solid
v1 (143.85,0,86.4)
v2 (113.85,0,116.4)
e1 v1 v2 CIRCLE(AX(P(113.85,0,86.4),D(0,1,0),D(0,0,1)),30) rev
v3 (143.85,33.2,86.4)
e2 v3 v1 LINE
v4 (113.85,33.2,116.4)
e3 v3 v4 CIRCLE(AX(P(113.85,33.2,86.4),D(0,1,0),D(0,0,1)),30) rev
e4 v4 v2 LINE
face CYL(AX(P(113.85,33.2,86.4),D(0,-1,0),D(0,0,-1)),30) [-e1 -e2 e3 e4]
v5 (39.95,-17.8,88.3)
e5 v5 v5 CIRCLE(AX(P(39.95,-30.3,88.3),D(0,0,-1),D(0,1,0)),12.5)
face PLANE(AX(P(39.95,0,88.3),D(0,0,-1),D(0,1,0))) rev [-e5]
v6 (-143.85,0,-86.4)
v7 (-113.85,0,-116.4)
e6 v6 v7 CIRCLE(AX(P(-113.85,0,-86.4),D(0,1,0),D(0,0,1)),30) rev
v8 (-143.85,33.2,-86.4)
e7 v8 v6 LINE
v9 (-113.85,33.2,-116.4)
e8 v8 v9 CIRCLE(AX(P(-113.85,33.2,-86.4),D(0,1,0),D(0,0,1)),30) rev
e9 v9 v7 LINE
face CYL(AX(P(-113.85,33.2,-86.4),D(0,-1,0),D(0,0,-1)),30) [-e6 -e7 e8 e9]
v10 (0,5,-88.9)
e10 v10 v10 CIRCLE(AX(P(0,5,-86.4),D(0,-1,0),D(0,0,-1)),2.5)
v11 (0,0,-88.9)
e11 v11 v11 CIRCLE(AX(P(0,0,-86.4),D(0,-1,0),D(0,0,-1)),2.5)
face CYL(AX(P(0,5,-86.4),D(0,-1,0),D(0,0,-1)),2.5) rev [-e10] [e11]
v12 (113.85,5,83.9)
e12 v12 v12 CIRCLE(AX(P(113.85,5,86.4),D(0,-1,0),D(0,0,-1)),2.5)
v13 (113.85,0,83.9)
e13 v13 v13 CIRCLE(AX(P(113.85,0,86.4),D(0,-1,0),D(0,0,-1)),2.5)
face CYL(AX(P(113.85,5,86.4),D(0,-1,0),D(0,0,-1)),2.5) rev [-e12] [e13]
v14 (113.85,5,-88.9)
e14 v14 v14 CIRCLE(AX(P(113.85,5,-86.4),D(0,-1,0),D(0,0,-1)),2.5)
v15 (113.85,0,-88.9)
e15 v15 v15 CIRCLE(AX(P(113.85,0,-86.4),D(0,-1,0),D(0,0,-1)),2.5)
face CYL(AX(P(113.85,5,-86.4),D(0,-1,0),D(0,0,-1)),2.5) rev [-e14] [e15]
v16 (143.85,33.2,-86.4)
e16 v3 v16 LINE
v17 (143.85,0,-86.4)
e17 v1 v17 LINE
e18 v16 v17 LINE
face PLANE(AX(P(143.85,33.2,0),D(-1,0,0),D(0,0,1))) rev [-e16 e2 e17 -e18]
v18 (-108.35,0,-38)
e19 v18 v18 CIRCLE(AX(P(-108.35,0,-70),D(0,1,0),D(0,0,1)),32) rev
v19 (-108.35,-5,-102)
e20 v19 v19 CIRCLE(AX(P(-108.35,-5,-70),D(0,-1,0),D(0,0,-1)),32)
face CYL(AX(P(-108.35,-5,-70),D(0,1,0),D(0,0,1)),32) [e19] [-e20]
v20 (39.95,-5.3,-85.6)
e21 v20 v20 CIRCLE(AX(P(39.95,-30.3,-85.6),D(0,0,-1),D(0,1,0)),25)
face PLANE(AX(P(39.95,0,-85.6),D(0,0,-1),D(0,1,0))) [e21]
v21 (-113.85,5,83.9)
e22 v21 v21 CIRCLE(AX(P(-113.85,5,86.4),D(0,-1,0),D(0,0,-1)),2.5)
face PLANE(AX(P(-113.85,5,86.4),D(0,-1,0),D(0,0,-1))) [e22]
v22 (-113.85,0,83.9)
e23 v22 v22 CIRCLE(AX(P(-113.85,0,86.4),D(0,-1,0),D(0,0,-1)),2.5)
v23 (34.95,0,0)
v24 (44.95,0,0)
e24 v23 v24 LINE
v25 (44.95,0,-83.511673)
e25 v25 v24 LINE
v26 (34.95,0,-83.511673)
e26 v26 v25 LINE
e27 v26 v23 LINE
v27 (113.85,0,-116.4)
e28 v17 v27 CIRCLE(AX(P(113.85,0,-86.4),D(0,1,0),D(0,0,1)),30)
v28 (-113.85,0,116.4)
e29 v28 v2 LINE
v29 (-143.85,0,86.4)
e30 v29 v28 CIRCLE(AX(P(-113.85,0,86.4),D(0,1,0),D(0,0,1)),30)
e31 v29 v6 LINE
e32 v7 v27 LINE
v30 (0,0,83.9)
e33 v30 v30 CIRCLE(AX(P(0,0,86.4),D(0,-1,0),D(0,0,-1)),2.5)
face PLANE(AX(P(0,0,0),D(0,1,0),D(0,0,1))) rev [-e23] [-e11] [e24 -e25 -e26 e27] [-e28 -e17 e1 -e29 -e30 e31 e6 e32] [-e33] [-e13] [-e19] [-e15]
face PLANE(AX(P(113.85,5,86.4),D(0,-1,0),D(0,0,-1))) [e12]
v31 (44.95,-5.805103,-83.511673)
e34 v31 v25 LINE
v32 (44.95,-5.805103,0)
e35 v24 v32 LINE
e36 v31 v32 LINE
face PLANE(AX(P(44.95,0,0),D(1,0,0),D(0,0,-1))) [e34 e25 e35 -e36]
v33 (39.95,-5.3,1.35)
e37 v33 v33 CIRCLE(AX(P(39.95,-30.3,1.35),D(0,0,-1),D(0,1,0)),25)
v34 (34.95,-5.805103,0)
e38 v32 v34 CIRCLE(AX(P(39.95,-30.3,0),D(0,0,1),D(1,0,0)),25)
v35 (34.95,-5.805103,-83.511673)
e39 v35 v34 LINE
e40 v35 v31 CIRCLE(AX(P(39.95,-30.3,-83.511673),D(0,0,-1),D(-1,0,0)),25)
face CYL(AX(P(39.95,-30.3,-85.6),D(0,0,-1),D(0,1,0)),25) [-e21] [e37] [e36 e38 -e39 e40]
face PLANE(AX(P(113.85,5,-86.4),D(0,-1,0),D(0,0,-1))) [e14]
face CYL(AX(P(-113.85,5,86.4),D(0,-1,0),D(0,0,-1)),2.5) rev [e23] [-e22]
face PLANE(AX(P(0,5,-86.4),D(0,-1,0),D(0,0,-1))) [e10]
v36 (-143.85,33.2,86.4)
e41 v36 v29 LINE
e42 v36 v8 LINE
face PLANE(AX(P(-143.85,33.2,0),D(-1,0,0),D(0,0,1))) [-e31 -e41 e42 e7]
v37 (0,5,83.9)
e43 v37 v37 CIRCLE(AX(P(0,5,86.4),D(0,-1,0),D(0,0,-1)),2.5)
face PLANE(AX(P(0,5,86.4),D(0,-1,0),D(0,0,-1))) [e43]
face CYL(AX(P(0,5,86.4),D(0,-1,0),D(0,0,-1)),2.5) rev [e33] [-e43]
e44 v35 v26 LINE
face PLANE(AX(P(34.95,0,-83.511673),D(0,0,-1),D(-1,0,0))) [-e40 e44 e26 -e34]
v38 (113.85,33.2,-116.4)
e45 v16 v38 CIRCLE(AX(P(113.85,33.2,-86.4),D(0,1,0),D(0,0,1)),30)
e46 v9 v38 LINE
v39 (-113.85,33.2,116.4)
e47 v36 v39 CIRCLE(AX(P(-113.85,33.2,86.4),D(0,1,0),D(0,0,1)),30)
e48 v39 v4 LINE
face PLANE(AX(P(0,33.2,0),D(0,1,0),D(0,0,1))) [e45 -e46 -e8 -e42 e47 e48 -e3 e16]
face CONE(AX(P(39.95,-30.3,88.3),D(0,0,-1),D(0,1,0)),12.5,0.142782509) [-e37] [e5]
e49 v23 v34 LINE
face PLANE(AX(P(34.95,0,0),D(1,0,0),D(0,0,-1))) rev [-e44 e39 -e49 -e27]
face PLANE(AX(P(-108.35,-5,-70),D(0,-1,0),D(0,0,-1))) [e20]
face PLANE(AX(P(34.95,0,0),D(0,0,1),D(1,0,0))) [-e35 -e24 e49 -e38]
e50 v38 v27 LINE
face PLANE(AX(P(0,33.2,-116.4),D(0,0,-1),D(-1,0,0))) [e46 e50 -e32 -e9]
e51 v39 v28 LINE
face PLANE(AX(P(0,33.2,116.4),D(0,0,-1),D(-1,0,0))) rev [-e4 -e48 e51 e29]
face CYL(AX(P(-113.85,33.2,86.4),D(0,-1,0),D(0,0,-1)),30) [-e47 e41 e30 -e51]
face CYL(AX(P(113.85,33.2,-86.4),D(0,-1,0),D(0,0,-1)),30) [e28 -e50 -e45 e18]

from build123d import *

# Parameters (mm, degrees)
BOSS_EXTRUDE1_DEPTH      = 33.2
BOSS_EXTRUDE2_DEPTH      = 5
BOSS_EXTRUDE2_DEPTH_BACK = 5
SKETCH4_W                = 83.511672616
SKETCH4_H                = 9.134615549
SKETCH5_R                = 32
BOSS_EXTRUDE3_DEPTH      = 5
SKETCH6_R                = 2.5
CUT_EXTRUDE1_DEPTH       = 5


with BuildPart() as part:
    # Sketch2 → Boss-Extrude1 (new body)
    with BuildSketch(Plane(origin=(0, 0, 0), x_dir=(1, 0, 0), z_dir=(0, 1, 0))):
        with BuildLine():
            ThreePointArc((-143.85, -86.4), (-135.063203436, -107.613203436), (-113.85, -116.4))
            Line((-113.85, -116.4), (113.85, -116.4))
            ThreePointArc((113.85, -116.4), (135.063203436, -107.613203436), (143.85, -86.4))
            Line((143.85, -86.4), (143.85, 86.4))
            ThreePointArc((143.85, 86.4), (135.063203436, 107.613203436), (113.85, 116.4))
            Line((113.85, 116.4), (-113.85, 116.4))
            ThreePointArc((-113.85, 116.4), (-135.063203436, 107.613203436), (-143.85, 86.4))
            Line((-143.85, 86.4), (-143.85, -86.4))
        make_face()
    extrude(amount=BOSS_EXTRUDE1_DEPTH)



with BuildPart() as body_2:
    # Sketch3 → Revolve2 (revolve)
    with BuildSketch(Plane(origin=(39.95, 0, 0), x_dir=(0, 0, -1), z_dir=(1, 0, 0))):
        Polygon((85.6, -30.3), (85.6, -5.3), (-1.35, -5.3), (-88.3, -17.8), (-88.3, -30.3), align=None)
    revolve(axis=Axis((39.95, -30.3, -85.6), (0, 0, 1)))


with BuildPart() as part_1:
    add(part.part)

    add(body_2.part)  # Boss-Extrude2 merges body 2
    # Sketch4 → Boss-Extrude2 (add, two sides: drawn at the far end of the back side and taken through both)
    with BuildSketch(Plane(origin=(39.95, 0, 0), x_dir=(0, 0, -1), z_dir=(1, 0, 0)).offset(-BOSS_EXTRUDE2_DEPTH_BACK)):
        with Locations((41.755836308, -4.567307775)):
            Rectangle(SKETCH4_W, SKETCH4_H)
    extrude(amount=BOSS_EXTRUDE2_DEPTH + BOSS_EXTRUDE2_DEPTH_BACK)

    # Sketch5 → Boss-Extrude3 (add)
    with BuildSketch(Plane.XZ):
        with Locations(Location((-108.35, -70, 0), (0, 0, 90))):
            Circle(SKETCH5_R)
    extrude(amount=BOSS_EXTRUDE3_DEPTH)

    # Sketch6 → Cut-Extrude1 (cut)
    with BuildSketch(Plane.XZ):
        with Locations(Location((113.85, -86.4, 0), (0, 0, 270))):
            Circle(SKETCH6_R)
        with Locations(Location((0, -86.4, 0), (0, 0, 270))):
            Circle(SKETCH6_R)
        with Locations(Location((113.85, 86.4, 0), (0, 0, 270))):
            Circle(SKETCH6_R)
        with Locations(Location((0, 86.4, 0), (0, 0, 270))):
            Circle(SKETCH6_R)
        with Locations(Location((-113.85, 86.4, 0), (0, 0, 270))):
            Circle(SKETCH6_R)
    extrude(amount=-CUT_EXTRUDE1_DEPTH, mode=Mode.SUBTRACT)


solid = part_1.part
